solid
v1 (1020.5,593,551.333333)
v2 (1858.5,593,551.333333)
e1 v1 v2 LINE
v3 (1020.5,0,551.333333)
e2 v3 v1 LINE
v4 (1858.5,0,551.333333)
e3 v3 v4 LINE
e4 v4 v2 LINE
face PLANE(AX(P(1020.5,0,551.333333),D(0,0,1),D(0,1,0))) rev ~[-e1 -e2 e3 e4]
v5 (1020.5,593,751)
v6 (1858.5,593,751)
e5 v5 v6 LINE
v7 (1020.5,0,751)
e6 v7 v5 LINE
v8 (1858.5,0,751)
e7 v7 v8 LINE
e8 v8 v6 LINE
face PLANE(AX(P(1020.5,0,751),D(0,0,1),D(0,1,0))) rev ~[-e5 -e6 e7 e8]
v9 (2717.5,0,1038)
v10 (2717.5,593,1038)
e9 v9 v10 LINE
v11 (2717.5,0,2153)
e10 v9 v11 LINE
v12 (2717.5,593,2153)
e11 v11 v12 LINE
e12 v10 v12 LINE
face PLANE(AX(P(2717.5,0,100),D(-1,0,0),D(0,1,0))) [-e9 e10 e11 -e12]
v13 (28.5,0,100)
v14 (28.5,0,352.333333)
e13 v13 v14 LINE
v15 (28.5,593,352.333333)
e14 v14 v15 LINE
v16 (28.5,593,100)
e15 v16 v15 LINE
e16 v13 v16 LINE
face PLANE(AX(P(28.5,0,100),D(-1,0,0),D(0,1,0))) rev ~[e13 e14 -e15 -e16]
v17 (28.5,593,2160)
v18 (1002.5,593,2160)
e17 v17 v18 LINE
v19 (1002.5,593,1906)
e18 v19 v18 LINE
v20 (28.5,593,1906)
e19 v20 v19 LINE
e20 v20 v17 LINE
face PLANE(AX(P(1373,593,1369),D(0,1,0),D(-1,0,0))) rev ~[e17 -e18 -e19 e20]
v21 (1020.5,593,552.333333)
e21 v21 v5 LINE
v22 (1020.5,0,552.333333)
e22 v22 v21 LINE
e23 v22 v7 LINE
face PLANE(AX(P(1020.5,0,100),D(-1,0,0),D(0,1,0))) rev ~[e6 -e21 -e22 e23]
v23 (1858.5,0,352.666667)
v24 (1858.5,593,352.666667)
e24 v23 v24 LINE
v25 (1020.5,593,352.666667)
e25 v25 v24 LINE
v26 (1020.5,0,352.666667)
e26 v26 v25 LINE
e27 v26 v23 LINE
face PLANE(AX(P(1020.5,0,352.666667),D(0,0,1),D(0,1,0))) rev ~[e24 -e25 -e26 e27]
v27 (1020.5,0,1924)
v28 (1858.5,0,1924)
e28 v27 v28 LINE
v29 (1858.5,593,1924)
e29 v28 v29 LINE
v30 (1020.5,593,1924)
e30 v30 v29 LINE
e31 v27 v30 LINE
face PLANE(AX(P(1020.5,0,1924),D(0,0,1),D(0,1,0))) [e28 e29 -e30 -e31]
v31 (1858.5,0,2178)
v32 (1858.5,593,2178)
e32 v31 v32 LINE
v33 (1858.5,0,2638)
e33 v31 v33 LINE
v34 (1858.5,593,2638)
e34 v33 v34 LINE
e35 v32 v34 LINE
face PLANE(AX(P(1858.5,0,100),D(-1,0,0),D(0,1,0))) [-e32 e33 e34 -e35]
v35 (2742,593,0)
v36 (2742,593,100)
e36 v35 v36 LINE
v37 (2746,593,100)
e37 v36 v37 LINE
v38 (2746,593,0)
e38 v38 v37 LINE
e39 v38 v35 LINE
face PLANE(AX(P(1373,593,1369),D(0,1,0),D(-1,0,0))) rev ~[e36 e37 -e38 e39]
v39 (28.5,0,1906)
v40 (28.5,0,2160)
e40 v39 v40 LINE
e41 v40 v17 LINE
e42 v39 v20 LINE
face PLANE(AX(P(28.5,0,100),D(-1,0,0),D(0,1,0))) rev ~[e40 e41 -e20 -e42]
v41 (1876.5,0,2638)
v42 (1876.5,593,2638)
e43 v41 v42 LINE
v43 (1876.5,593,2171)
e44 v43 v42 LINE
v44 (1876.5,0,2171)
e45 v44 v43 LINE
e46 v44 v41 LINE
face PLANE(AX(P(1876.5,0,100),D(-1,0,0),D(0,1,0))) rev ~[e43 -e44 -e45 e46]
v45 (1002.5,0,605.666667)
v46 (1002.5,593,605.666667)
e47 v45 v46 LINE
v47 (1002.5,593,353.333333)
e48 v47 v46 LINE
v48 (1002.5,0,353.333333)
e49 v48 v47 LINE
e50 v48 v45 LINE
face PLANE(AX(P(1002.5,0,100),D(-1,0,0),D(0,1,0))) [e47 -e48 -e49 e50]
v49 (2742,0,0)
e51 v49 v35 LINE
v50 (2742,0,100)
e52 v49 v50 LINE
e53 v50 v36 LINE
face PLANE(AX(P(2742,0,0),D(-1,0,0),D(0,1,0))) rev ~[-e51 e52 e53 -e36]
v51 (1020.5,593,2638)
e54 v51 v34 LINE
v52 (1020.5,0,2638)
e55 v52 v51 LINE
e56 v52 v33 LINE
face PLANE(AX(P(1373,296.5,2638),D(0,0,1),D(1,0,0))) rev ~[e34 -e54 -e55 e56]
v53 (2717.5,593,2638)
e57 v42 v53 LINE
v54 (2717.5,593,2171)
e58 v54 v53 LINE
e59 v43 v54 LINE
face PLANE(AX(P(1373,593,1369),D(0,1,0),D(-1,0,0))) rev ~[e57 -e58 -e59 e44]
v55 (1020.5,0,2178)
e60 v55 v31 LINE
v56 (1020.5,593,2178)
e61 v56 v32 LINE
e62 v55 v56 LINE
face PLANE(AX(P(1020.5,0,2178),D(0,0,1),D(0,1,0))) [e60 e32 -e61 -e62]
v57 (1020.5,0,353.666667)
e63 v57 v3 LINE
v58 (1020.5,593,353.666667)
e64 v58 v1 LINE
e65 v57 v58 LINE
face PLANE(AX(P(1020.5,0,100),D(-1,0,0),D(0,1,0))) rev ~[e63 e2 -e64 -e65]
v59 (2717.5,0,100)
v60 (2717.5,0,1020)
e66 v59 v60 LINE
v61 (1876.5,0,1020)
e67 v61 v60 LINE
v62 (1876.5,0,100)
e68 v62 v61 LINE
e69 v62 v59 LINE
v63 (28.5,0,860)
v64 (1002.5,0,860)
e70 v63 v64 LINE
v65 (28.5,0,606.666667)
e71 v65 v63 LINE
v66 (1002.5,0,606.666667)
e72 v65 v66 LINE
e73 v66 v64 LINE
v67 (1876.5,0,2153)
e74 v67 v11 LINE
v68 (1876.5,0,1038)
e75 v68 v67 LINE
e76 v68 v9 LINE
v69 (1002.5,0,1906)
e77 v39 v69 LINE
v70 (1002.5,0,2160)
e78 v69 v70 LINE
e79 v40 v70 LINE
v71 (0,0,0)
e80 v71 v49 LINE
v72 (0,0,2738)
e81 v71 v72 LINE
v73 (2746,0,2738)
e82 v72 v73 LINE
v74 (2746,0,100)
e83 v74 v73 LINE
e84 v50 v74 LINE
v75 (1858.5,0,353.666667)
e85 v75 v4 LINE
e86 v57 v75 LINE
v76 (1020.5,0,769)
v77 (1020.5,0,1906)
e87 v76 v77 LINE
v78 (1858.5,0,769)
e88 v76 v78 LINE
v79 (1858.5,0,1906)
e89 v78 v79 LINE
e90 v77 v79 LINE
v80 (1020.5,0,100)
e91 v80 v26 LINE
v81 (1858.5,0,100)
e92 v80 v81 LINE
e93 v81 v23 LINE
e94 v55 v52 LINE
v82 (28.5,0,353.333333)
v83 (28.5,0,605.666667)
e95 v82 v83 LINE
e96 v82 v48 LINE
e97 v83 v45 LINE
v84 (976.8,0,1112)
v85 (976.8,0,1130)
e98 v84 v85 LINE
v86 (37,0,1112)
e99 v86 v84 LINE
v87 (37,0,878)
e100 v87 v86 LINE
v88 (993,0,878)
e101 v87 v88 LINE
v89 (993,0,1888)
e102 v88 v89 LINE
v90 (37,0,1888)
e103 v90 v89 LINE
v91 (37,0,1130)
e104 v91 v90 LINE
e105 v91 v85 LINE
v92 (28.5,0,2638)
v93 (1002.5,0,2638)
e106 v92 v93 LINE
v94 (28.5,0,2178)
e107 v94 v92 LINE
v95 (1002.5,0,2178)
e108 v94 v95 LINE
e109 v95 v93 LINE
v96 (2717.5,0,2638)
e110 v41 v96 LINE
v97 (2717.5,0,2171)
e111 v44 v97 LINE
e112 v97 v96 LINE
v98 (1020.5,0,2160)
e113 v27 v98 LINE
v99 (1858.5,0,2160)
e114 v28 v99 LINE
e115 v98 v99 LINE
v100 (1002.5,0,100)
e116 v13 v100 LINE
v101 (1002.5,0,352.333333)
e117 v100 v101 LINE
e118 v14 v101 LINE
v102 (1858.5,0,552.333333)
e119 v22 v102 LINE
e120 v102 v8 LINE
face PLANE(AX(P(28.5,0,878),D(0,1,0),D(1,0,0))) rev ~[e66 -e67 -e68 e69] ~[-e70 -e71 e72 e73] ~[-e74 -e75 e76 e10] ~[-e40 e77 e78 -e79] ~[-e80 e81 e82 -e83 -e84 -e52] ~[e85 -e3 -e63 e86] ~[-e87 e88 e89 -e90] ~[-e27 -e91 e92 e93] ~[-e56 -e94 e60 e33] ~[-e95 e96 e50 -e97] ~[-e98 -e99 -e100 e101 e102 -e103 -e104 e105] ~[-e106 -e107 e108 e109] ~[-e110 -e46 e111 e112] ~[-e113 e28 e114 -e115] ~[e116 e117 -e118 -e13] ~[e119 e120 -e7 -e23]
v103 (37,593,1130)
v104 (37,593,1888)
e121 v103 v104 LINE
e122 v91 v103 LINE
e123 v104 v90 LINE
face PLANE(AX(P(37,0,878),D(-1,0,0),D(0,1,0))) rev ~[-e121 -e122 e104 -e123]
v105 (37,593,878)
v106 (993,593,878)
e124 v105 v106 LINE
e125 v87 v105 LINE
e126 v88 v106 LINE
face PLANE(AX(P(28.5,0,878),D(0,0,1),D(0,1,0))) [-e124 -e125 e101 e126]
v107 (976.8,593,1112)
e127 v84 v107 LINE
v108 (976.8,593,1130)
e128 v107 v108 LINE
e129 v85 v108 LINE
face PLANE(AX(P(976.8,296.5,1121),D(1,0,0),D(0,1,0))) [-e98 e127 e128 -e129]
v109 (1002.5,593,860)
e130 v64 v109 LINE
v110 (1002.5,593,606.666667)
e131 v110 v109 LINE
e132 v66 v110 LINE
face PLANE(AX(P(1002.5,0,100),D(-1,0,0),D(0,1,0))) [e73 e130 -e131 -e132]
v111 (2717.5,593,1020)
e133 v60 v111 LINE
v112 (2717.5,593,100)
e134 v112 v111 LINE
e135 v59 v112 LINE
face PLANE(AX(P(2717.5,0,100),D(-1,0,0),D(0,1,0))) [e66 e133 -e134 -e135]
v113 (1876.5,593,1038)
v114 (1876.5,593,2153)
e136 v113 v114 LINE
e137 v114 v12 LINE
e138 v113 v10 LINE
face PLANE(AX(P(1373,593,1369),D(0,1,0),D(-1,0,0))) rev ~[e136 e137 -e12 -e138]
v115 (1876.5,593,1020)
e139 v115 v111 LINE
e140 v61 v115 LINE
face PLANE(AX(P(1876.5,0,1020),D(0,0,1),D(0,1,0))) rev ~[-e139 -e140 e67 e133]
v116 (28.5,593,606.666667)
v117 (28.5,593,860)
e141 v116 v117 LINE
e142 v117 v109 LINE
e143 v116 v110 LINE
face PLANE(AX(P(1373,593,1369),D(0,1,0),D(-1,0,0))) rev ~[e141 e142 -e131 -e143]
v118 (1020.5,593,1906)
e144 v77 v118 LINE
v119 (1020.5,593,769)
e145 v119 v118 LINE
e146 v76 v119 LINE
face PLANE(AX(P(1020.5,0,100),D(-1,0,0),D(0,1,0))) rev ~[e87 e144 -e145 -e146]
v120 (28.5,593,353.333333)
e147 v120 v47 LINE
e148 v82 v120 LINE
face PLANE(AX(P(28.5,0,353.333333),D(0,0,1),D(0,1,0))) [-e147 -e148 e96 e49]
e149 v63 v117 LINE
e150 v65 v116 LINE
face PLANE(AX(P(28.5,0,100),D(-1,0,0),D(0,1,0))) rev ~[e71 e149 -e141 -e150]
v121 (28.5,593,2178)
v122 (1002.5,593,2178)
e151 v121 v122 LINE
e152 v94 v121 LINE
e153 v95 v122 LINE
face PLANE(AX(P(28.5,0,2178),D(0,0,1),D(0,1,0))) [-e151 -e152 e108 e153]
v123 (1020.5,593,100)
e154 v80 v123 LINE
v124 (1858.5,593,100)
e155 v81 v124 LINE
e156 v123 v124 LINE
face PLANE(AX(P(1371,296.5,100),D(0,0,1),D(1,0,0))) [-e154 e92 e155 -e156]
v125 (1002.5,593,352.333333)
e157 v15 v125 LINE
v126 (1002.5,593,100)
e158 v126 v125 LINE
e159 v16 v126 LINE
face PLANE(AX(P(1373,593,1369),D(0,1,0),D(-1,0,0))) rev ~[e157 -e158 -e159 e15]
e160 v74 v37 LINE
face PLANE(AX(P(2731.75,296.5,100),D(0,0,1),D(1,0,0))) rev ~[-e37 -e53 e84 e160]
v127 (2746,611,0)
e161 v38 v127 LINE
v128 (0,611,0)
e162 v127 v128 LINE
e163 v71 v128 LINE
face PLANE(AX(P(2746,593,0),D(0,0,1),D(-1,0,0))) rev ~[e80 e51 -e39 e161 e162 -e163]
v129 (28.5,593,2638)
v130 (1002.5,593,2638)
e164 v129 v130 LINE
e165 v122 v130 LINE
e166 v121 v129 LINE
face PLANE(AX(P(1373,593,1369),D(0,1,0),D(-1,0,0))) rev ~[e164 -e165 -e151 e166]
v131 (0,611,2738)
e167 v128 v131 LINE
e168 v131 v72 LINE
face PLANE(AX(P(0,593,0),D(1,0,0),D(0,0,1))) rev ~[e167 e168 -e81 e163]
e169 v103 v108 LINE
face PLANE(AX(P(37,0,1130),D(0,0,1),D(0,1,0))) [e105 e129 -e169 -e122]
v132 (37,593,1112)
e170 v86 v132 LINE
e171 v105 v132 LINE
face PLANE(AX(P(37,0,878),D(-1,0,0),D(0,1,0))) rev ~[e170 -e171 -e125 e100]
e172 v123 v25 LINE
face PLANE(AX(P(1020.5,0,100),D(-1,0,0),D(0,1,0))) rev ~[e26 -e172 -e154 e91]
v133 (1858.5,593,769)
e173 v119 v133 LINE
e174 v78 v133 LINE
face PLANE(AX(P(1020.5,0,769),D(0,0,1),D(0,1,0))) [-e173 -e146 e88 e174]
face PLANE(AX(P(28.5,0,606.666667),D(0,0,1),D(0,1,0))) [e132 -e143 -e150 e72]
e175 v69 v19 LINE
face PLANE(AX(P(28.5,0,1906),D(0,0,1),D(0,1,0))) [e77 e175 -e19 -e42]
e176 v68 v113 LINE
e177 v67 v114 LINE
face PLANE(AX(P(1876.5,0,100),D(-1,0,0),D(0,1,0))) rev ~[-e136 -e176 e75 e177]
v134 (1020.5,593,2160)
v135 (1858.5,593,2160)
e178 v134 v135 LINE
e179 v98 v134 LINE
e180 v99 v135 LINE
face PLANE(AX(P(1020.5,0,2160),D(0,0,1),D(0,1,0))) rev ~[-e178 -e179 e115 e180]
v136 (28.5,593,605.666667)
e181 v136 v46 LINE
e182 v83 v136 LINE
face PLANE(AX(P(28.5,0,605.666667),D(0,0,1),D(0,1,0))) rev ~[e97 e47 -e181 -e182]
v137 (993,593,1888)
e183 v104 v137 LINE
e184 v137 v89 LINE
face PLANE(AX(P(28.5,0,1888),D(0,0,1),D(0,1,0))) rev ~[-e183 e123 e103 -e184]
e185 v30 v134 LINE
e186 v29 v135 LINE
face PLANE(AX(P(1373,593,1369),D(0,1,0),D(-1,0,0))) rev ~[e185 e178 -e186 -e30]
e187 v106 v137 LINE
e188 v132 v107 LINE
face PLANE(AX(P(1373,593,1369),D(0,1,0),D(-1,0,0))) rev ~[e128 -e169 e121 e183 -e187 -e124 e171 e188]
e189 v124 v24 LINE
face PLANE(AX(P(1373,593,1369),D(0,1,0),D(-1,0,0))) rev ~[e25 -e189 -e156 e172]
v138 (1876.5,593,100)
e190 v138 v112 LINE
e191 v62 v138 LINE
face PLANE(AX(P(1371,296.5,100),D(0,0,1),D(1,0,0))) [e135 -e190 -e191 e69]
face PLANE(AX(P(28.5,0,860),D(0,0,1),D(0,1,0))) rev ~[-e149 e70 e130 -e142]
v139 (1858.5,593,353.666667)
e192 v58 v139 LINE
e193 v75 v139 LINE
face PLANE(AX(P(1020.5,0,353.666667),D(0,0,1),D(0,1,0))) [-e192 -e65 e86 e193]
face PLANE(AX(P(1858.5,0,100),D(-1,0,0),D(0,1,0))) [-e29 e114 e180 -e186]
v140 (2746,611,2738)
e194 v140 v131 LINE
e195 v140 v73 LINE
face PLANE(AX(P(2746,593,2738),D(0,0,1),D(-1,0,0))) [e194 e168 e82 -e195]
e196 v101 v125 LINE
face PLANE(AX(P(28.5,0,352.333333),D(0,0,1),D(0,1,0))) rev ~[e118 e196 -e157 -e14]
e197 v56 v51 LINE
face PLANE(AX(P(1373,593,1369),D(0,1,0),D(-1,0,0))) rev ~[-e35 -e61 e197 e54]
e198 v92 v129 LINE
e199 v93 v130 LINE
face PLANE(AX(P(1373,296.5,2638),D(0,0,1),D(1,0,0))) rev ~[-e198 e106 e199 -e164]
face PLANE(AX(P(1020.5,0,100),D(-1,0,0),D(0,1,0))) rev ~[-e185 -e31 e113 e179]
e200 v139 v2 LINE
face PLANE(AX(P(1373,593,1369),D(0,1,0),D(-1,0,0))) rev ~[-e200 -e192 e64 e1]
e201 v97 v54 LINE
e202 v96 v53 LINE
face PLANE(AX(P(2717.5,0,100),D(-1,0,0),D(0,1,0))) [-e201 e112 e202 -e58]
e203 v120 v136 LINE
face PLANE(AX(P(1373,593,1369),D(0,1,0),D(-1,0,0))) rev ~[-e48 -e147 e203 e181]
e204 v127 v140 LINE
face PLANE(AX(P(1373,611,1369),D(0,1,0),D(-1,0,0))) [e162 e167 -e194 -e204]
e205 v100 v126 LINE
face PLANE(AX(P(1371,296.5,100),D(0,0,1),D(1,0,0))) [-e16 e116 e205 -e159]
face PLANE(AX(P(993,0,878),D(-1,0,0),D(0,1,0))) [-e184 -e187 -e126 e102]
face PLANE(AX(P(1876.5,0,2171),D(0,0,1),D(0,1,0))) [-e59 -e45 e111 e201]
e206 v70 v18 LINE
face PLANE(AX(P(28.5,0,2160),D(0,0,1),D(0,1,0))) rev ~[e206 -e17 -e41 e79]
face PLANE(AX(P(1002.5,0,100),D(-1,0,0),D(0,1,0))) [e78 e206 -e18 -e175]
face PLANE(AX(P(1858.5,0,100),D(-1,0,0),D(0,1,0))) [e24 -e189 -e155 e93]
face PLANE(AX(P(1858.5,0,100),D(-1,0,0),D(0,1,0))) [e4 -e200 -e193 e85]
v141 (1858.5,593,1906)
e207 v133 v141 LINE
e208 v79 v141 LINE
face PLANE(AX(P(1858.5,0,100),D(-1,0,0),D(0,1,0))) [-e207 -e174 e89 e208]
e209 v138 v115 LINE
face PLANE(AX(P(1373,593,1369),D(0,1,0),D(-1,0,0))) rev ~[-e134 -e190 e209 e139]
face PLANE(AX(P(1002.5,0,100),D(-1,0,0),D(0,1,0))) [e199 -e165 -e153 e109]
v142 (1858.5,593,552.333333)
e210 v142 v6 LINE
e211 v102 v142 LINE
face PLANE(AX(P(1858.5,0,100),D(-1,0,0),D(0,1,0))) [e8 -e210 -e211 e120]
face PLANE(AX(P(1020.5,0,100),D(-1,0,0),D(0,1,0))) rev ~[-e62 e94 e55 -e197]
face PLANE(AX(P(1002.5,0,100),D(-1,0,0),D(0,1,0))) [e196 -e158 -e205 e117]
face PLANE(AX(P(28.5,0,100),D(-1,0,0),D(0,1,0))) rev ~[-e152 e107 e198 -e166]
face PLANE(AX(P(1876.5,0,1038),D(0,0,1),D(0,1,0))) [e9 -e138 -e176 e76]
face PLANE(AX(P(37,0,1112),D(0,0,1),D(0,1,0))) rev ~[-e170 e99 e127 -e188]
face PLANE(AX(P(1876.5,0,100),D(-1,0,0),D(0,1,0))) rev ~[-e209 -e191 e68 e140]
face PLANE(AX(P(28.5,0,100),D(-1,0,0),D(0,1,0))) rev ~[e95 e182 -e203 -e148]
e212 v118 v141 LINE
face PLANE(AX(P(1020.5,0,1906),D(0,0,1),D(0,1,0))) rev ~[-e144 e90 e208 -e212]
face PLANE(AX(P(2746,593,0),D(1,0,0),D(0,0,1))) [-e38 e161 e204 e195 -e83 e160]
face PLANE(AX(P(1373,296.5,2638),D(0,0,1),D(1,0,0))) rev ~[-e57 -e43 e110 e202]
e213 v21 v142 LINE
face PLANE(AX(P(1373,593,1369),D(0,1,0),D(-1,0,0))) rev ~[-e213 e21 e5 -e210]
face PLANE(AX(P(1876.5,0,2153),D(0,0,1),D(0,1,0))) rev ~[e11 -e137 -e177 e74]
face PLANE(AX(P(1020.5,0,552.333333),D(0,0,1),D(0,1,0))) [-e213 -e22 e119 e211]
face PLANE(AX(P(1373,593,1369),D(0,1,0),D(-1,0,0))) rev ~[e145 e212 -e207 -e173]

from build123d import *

# Parameters (mm, degrees)
SKETCH_W      = 2742
SKETCH_H      = 593
PAD_DEPTH     = 100
SKETCH001_W   = 28.5
SKETCH001_H   = 593
SKETCH001_W_2 = 18
PAD001_DEPTH  = 2538
SKETCH002_W   = 2746
SKETCH002_H   = 593
PAD002_DEPTH  = 100
SKETCH003_W   = 2746
SKETCH003_H   = 2738
PAD003_DEPTH  = 18
SKETCH004_W   = 593
SKETCH004_H   = 18
PAD004_DEPTH  = 841
SKETCH005_W   = 593
SKETCH005_H   = 18
SKETCH005_H_2 = 1
PAD005_DEPTH  = 838
SKETCH006_W   = 593
SKETCH006_H   = 18
SKETCH006_H_2 = 1
PAD006_DEPTH  = 974
SKETCH007_W   = 8.5
SKETCH007_H   = 593
SKETCH007_W_2 = 9.5
PAD007_DEPTH  = 1024
SKETCH008_W   = 593
SKETCH008_H   = 18
PAD008_DEPTH  = 939.8


with BuildPart() as part:
    # Sketch → Pad (new body)
    with BuildSketch(Plane.XY):
        with Locations((1371, 296.5)):
            Rectangle(SKETCH_W, SKETCH_H)
    extrude(amount=PAD_DEPTH)

    # Sketch001 (on Face6 of Pad) → Pad001 (join)
    with BuildSketch(Plane.XY.offset(100)):
        with Locations((14.25, 296.5)):
            Rectangle(SKETCH001_W, SKETCH001_H)
        with Locations((1011.5, 296.5)):
            Rectangle(SKETCH001_W_2, SKETCH001_H)
        with Locations((1867.5, 296.5)):
            Rectangle(SKETCH001_W_2, SKETCH001_H)
        with Locations((2731.75, 296.5)):
            Rectangle(SKETCH001_W, SKETCH001_H)
    extrude(amount=PAD001_DEPTH)

    # Sketch002 (on Face16 of Pad001) → Pad002 (join)
    with BuildSketch(Plane.XY.offset(2638)):
        with Locations((1373, 296.5)):
            Rectangle(SKETCH002_W, SKETCH002_H)
    extrude(amount=PAD002_DEPTH)

    # Sketch003 (on Face12 of Pad002) → Pad003 (join)
    with BuildSketch(Plane(origin=(0, 593, 0), x_dir=(-1, 0, 0), z_dir=(0, 1, 0))):
        with Locations((-1373, 1369)):
            Rectangle(SKETCH003_W, SKETCH003_H)
    extrude(amount=PAD003_DEPTH)

    # Sketch004 (on Face24 of Pad003) → Pad004 (join)
    with BuildSketch(Plane.YZ.offset(1876.5)):
        with Locations((296.5, 1029)):
            Rectangle(SKETCH004_W, SKETCH004_H)
        with Locations((296.5, 2162)):
            Rectangle(SKETCH004_W, SKETCH004_H)
    extrude(amount=PAD004_DEPTH)

    # Sketch005 (on Face21 of Pad004) → Pad005 (join)
    with BuildSketch(Plane.YZ.offset(1020.5)):
        with Locations((296.5, 2169)):
            Rectangle(SKETCH005_W, SKETCH005_H)
        with Locations((296.5, 1915)):
            Rectangle(SKETCH005_W, SKETCH005_H)
        with Locations((296.5, 760)):
            Rectangle(SKETCH005_W, SKETCH005_H)
        with Locations((296.5, 551.833333)):
            Rectangle(SKETCH005_W, SKETCH005_H_2)
        with Locations((296.5, 353.166667)):
            Rectangle(SKETCH005_W, SKETCH005_H_2)
    extrude(amount=PAD005_DEPTH)

    # Sketch006 (on Face17 of Pad005) → Pad006 (join)
    with BuildSketch(Plane.YZ.offset(28.5)):
        with Locations((296.5, 2169)):
            Rectangle(SKETCH006_W, SKETCH006_H)
        with Locations((296.5, 1897)):
            Rectangle(SKETCH006_W, SKETCH006_H)
        with Locations((296.5, 869)):
            Rectangle(SKETCH006_W, SKETCH006_H)
        with Locations((296.5, 606.166667)):
            Rectangle(SKETCH006_W, SKETCH006_H_2)
        with Locations((296.5, 352.833333)):
            Rectangle(SKETCH006_W, SKETCH006_H_2)
    extrude(amount=PAD006_DEPTH)

    # Sketch007 (on Face75 of Pad006) → Pad007 (join)
    with BuildSketch(Plane.XY.offset(878)):
        with Locations((32.75, 296.5)):
            Rectangle(SKETCH007_W, SKETCH007_H)
        with Locations((997.75, 296.5)):
            Rectangle(SKETCH007_W_2, SKETCH007_H)
    extrude(amount=PAD007_DEPTH)

    # Sketch008 (on Face78 of Pad007) → Pad008 (join)
    with BuildSketch(Plane.YZ.offset(37)):
        with Locations((296.5, 1121)):
            Rectangle(SKETCH008_W, SKETCH008_H)
    extrude(amount=PAD008_DEPTH)


solid = part.part
